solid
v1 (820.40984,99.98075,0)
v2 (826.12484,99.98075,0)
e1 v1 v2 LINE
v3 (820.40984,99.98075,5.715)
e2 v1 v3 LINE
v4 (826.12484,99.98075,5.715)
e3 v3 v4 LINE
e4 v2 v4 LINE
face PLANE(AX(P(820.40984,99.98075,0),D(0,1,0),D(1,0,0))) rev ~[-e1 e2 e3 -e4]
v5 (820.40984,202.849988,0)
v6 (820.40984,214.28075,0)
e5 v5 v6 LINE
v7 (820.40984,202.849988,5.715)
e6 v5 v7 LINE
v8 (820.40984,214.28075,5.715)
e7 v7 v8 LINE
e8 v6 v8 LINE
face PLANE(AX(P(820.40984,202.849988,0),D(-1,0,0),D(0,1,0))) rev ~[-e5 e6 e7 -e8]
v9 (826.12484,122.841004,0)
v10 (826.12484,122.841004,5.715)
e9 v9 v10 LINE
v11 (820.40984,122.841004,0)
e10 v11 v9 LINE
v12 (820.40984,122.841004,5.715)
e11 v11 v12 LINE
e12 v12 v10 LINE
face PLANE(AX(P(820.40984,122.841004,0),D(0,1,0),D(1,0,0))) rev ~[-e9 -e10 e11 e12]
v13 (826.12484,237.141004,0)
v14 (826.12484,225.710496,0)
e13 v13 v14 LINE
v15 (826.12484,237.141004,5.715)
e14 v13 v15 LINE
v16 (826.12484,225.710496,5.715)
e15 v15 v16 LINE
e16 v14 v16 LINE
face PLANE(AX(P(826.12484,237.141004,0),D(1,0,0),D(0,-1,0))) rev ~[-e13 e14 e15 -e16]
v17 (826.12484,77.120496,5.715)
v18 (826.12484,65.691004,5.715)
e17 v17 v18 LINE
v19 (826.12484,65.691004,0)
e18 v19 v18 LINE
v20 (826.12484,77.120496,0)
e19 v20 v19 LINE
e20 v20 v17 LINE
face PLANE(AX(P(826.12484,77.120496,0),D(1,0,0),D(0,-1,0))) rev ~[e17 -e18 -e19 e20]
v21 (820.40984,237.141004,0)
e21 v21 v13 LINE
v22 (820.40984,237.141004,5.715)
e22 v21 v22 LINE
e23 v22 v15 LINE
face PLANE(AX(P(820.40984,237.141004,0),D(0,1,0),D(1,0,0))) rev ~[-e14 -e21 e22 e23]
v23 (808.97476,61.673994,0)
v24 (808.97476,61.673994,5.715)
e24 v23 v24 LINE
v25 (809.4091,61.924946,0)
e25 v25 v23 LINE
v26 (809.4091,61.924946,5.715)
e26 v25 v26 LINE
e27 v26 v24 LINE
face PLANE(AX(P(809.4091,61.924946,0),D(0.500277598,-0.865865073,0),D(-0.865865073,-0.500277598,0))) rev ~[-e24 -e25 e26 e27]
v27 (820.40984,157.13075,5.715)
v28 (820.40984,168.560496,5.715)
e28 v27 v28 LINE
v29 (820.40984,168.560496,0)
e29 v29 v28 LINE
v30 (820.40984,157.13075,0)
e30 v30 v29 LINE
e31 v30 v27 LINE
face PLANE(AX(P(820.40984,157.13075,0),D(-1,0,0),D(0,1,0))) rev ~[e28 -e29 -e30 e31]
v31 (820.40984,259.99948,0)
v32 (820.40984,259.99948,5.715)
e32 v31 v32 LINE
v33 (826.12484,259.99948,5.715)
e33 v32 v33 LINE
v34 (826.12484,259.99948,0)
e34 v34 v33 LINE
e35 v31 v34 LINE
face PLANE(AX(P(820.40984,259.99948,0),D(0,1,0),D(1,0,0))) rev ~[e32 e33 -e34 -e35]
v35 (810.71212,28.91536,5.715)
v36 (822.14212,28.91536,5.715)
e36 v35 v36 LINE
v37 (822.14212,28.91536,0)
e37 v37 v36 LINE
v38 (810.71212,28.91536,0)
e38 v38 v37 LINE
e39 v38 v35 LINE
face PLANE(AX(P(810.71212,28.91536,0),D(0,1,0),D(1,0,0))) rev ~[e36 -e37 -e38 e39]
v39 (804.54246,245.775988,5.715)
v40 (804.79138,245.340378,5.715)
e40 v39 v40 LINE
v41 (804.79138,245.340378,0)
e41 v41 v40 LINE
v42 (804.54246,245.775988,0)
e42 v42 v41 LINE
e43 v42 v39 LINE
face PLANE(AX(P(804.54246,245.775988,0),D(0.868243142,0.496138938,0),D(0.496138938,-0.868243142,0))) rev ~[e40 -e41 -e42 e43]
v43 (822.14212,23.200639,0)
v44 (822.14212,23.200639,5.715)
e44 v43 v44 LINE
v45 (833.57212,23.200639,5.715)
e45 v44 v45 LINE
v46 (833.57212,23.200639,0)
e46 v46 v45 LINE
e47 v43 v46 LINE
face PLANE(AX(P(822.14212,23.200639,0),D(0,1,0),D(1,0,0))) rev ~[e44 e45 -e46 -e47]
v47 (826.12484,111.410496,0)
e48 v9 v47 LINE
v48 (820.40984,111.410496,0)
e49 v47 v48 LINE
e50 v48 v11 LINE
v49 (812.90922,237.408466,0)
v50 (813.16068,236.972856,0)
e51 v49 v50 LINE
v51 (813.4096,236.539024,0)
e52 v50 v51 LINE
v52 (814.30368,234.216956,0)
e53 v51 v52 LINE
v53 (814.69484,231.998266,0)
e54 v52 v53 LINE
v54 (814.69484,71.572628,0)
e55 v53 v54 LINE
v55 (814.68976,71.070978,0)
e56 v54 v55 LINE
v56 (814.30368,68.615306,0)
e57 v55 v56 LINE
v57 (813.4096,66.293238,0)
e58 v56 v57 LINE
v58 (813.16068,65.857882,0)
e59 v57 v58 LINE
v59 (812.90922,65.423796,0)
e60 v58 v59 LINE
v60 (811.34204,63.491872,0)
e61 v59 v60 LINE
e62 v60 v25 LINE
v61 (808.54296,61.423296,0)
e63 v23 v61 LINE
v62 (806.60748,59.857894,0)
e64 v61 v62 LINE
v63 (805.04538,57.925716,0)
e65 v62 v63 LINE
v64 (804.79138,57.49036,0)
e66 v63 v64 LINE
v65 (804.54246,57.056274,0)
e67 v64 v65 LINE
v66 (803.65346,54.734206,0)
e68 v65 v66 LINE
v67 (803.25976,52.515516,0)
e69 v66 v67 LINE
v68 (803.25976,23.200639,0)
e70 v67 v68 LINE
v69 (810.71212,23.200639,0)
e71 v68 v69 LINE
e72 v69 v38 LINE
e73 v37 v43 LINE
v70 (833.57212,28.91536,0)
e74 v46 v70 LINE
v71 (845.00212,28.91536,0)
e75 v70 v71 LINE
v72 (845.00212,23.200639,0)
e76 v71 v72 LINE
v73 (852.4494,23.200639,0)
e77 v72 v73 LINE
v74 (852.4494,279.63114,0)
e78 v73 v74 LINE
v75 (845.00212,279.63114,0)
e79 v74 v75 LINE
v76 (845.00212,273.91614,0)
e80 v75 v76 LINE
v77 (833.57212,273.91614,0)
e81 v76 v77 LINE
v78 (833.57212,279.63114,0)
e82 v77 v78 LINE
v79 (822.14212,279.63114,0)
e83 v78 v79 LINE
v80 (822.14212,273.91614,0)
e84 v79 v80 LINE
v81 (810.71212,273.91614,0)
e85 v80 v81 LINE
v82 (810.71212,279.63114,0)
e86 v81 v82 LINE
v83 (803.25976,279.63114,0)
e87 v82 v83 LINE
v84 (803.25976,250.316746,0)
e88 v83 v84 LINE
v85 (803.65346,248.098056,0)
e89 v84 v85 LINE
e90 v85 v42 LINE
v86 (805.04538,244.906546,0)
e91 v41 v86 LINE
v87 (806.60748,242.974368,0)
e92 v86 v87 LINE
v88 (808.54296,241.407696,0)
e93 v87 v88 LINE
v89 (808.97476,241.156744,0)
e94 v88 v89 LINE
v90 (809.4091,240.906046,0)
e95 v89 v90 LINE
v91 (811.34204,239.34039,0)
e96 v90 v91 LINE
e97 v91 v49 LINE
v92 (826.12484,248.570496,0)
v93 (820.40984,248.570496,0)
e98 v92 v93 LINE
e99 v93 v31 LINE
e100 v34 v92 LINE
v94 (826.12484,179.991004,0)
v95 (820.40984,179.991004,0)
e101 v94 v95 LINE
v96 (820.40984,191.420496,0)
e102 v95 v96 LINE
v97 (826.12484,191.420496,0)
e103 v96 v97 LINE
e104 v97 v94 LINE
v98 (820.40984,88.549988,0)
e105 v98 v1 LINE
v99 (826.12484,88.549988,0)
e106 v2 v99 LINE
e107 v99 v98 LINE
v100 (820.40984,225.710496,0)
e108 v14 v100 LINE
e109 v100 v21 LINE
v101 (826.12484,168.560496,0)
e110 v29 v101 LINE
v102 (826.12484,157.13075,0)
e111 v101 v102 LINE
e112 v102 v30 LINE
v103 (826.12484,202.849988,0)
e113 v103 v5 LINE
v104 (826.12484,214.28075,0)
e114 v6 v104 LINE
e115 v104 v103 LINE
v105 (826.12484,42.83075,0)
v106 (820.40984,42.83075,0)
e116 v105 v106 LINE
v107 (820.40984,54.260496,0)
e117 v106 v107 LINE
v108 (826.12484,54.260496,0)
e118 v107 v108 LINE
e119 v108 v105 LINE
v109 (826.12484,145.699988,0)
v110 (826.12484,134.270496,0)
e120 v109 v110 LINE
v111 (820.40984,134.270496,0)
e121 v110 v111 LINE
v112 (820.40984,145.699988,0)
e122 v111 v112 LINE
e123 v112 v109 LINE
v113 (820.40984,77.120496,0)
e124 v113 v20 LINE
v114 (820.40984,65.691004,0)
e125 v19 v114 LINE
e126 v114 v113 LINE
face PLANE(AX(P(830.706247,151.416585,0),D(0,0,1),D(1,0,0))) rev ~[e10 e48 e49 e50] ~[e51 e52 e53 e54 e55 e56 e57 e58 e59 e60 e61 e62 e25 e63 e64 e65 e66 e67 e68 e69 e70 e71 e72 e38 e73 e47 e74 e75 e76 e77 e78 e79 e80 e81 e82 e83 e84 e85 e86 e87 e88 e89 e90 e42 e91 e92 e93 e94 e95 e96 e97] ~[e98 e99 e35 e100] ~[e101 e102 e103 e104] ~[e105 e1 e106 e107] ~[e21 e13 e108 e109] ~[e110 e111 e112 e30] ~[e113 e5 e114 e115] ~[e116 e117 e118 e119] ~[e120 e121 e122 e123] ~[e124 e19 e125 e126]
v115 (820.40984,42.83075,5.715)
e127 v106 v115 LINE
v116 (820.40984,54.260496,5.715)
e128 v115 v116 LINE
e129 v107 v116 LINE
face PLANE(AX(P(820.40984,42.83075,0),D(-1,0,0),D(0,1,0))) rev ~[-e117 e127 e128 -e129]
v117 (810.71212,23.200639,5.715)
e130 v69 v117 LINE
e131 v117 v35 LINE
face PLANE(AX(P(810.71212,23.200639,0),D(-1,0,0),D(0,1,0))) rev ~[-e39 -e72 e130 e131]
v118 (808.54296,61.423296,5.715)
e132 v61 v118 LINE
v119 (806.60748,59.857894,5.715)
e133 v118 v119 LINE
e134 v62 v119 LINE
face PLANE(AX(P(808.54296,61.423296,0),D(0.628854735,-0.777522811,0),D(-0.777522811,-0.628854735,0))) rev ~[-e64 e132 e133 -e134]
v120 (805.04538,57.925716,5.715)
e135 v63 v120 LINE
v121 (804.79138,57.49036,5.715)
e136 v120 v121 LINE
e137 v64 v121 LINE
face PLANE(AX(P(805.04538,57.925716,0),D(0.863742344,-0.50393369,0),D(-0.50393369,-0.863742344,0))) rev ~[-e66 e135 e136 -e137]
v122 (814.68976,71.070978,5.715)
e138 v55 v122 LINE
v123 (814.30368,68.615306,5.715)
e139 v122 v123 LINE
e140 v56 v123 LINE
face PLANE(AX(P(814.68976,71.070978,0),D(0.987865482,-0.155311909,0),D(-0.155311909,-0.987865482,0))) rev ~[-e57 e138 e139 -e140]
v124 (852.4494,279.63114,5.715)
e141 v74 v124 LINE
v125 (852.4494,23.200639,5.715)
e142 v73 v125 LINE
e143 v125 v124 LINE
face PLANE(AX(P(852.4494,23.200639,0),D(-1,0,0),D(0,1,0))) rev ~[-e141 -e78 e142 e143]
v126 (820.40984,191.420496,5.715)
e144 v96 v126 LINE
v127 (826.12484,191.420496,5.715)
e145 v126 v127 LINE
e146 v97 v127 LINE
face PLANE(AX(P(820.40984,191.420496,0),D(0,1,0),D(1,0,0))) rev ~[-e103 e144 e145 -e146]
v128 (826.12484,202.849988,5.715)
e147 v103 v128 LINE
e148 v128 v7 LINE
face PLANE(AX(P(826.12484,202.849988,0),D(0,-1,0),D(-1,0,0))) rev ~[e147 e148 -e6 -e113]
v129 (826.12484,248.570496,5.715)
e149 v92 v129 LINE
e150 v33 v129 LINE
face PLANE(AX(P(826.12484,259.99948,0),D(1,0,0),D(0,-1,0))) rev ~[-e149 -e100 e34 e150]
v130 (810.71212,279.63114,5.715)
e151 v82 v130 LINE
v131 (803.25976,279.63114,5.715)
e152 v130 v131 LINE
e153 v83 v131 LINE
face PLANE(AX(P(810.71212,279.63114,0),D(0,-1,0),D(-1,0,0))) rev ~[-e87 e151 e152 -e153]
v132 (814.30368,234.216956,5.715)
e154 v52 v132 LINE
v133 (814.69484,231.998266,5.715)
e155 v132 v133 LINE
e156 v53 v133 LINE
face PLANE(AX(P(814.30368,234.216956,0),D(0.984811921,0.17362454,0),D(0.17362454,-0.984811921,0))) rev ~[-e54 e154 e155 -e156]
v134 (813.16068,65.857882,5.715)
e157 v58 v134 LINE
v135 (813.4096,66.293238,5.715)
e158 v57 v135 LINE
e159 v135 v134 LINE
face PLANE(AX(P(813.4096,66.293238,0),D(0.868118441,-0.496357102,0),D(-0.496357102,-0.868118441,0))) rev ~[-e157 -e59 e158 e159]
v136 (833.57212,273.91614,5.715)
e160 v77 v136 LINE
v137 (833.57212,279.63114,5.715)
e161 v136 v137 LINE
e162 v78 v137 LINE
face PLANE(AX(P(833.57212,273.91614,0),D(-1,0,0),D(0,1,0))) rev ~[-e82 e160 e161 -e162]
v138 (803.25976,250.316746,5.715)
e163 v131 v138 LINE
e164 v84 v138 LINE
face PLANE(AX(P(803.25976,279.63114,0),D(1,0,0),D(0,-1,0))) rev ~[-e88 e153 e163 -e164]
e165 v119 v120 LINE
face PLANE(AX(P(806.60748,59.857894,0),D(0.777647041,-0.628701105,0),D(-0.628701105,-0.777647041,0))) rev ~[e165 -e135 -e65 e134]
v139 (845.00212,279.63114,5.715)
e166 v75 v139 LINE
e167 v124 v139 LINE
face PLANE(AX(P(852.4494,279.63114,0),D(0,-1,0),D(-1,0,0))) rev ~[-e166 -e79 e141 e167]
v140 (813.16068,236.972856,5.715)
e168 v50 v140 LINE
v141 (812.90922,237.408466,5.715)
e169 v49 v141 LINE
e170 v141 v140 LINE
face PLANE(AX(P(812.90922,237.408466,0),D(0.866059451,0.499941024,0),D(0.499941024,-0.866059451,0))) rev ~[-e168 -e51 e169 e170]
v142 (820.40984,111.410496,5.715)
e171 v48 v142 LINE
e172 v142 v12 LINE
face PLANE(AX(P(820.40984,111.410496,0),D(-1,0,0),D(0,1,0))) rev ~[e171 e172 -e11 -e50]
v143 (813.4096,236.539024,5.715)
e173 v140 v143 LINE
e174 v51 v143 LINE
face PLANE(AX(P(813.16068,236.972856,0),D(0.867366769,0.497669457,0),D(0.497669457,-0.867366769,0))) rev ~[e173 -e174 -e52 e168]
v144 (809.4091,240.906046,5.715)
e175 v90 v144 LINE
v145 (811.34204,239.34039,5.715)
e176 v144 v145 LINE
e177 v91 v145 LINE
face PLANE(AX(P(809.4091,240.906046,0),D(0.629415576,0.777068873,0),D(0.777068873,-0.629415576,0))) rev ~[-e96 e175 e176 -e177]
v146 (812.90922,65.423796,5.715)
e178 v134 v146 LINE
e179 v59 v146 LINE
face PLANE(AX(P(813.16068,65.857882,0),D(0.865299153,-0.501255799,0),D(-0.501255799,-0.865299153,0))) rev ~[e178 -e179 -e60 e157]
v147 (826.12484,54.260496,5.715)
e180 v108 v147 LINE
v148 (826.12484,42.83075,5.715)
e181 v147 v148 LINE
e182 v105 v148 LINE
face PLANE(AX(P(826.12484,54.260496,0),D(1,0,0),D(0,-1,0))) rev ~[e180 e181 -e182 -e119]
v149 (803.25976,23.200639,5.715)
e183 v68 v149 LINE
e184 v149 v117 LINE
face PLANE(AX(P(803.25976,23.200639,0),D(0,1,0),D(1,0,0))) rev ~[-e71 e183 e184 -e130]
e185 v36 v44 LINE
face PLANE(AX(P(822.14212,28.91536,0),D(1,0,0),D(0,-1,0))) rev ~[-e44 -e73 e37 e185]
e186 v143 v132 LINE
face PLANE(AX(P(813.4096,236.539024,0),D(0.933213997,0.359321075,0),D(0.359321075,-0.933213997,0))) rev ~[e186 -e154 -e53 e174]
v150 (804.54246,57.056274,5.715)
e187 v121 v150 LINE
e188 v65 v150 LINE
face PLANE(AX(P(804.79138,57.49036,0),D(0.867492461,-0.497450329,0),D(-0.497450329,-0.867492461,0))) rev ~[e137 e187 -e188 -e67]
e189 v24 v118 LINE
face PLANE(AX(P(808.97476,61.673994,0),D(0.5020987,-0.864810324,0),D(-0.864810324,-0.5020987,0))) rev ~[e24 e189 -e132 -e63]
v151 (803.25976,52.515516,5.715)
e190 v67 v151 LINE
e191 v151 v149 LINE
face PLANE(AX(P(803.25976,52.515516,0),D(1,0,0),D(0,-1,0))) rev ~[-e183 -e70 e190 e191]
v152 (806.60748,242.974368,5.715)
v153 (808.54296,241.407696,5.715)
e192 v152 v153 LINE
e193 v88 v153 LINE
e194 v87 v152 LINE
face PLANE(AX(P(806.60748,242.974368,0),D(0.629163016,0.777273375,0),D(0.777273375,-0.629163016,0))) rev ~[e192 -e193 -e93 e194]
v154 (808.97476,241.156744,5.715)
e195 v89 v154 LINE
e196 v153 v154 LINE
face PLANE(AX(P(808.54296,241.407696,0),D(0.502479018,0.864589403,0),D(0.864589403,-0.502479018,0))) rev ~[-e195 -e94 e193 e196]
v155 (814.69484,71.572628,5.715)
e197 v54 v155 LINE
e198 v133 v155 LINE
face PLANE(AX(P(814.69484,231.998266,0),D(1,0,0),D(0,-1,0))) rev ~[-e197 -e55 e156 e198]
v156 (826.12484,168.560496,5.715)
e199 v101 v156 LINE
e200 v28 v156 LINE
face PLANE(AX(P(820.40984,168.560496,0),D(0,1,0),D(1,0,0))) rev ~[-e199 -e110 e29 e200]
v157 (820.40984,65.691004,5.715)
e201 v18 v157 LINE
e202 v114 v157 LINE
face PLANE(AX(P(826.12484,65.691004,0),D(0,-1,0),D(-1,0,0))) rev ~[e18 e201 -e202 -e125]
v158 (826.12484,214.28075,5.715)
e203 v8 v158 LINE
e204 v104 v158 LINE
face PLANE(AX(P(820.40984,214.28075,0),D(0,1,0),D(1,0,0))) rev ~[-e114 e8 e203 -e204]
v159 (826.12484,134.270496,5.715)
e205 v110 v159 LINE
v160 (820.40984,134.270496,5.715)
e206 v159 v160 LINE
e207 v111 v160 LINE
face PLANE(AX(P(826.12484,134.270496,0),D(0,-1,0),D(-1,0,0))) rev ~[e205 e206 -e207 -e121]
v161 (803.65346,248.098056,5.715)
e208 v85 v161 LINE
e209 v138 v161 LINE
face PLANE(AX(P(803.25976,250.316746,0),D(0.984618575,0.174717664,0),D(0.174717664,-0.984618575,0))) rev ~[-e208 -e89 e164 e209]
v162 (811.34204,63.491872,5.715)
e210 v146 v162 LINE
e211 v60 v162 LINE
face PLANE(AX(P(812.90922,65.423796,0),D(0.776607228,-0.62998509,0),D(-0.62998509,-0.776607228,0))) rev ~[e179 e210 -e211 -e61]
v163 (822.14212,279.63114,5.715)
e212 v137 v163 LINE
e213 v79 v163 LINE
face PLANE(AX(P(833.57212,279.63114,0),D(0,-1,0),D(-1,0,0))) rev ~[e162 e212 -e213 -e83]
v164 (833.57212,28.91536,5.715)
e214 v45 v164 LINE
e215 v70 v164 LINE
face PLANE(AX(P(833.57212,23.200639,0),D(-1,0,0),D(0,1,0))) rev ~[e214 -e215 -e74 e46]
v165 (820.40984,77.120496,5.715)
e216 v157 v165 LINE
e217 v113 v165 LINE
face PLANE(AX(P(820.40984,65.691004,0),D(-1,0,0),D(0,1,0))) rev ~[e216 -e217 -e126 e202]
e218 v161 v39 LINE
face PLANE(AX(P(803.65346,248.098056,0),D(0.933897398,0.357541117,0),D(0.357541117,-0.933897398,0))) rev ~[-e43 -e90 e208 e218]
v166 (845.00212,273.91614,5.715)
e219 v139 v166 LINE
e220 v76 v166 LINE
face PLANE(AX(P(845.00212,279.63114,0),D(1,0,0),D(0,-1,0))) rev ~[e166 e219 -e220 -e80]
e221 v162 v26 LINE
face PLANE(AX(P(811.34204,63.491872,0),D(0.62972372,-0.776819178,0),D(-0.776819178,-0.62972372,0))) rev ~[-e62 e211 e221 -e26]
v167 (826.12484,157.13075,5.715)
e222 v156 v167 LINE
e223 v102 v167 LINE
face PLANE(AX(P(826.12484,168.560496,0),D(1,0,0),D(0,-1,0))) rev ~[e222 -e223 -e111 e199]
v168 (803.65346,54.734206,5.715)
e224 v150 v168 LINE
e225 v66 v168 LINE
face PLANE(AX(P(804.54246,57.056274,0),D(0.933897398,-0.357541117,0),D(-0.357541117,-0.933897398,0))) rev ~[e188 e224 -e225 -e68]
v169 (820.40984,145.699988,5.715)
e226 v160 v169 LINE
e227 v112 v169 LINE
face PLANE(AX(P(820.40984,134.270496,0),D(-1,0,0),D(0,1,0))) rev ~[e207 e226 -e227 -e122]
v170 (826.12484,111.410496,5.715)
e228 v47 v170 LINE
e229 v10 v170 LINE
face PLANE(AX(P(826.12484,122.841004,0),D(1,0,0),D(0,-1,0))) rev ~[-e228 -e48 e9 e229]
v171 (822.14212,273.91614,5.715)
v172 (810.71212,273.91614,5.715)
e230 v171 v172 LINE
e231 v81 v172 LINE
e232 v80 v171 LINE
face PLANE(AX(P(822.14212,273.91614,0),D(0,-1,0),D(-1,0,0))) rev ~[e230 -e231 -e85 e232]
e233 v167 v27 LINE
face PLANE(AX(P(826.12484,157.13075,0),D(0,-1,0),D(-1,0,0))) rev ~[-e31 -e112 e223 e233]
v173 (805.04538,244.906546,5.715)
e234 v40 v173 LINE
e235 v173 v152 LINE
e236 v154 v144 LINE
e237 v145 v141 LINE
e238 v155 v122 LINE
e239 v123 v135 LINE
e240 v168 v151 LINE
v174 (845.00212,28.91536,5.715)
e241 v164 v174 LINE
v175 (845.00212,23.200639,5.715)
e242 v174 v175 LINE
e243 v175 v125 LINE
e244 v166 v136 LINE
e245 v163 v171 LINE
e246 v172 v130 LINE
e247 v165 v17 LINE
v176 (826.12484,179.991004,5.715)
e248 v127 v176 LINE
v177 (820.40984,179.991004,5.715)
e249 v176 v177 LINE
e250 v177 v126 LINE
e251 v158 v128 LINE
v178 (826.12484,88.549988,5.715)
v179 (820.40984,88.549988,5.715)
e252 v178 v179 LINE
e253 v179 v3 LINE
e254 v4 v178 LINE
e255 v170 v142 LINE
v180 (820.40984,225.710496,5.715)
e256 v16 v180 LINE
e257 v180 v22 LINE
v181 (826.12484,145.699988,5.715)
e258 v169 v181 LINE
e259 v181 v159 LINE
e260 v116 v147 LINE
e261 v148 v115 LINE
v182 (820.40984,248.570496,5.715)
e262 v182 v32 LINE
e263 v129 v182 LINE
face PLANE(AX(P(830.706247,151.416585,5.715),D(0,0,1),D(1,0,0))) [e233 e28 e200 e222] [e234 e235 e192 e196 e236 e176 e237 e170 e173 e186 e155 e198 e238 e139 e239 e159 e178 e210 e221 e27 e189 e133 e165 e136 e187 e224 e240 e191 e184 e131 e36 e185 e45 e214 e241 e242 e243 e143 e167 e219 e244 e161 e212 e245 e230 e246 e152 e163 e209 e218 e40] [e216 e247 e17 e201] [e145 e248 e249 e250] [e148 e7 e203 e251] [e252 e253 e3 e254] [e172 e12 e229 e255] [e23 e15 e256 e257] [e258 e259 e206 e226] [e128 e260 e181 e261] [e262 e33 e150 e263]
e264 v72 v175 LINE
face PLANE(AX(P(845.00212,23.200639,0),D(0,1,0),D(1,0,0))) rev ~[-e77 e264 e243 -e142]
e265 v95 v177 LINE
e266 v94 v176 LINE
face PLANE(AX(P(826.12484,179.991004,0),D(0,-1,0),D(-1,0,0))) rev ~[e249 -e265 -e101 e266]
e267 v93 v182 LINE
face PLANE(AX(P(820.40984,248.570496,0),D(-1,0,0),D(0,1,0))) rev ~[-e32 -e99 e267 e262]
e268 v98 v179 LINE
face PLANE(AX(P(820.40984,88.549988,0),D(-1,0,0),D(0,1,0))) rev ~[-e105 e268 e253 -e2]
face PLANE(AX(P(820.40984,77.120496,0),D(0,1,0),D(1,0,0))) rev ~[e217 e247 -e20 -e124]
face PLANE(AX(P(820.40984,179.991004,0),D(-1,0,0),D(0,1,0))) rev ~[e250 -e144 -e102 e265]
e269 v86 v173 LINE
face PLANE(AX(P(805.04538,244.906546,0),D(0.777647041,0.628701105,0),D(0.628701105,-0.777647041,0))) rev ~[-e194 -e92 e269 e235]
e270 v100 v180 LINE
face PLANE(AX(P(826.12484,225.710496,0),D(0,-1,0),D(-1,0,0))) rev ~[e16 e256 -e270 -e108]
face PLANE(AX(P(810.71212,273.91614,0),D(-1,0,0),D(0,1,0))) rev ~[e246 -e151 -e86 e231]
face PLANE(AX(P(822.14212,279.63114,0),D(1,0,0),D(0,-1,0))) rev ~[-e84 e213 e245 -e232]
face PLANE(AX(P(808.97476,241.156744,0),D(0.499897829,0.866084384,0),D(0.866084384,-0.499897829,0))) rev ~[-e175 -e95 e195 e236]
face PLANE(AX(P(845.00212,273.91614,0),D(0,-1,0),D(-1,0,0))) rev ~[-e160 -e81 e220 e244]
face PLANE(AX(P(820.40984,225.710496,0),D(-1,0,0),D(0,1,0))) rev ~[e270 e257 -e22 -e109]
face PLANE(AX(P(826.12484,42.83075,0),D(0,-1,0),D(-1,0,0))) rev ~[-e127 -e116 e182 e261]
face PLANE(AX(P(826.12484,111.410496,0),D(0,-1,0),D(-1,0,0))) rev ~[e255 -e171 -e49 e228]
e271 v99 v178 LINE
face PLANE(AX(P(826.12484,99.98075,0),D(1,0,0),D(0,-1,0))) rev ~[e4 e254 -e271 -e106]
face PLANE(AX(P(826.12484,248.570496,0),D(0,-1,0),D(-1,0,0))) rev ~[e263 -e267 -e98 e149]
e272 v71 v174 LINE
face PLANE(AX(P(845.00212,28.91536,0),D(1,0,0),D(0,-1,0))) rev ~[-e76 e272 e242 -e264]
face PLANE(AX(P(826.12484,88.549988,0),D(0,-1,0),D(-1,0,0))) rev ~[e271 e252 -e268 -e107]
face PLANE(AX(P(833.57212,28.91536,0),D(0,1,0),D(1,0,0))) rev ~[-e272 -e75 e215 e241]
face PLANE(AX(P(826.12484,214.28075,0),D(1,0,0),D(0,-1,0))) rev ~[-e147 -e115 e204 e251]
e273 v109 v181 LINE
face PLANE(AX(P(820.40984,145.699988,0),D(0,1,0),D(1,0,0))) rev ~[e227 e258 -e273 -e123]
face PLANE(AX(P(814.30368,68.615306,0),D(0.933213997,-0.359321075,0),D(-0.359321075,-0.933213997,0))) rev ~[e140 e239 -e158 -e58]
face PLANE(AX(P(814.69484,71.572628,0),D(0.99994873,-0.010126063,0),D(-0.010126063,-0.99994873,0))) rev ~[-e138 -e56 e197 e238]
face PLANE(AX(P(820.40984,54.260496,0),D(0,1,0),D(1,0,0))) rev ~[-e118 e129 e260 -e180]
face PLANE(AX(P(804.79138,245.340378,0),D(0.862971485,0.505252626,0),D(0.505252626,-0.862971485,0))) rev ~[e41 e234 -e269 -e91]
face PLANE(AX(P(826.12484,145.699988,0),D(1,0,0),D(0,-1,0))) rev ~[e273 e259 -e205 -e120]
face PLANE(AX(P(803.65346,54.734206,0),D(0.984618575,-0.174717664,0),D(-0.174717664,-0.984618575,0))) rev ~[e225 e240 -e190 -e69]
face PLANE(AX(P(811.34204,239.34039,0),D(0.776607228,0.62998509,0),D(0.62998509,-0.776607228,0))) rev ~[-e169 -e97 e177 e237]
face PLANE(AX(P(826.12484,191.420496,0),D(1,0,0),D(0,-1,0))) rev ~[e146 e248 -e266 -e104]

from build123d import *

# Parameters (mm, degrees)
BOSS_EXTRUDE1_DEPTH = 5.715


with BuildPart() as part:
    # Model → Boss-Extrude1 (new body)
    with BuildSketch(Plane.XY):
        Polygon((803.25976, 23.2006394), (810.71212, 23.2006394), (810.71212, 28.91536), (822.14212, 28.91536), (822.14212, 23.2006394), (833.57212, 23.2006394), (833.57212, 28.91536), (845.00212, 28.91536), (845.00212, 23.2006394), (852.4494, 23.2006394), (852.4494, 279.63114), (845.00212, 279.63114), (845.00212, 273.91614), (833.57212, 273.91614), (833.57212, 279.63114), (822.14212, 279.63114), (822.14212, 273.91614), (810.71212, 273.91614), (810.71212, 279.63114), (803.25976, 279.63114), (803.25976, 251.055124), (803.25976, 250.316746), (803.65346, 248.098056), (804.54246, 245.775988), (804.79138, 245.340378), (805.04538, 244.906546), (806.60748, 242.974368), (808.54296, 241.407696), (808.97476, 241.156744), (809.4091, 240.906046), (811.34204, 239.34039), (812.90922, 237.408466), (813.16068, 236.972856), (813.4096, 236.539024), (814.30368, 234.216956), (814.69484, 231.998266), (814.69484, 231.25811), (814.69484, 71.572628), (814.68976, 71.070978), (814.30368, 68.615306), (813.4096, 66.293238), (813.16068, 65.857882), (812.90922, 65.423796), (811.34204, 63.491872), (809.4091, 61.924946), (808.97476, 61.673994), (808.54296, 61.423296), (806.60748, 59.857894), (805.04538, 57.925716), (804.79138, 57.49036), (804.54246, 57.056274), (803.65346, 54.734206), (803.25976, 52.515516), (803.25976, 51.775868), align=None)
        Polygon((820.40984, 254.28448), (820.40984, 259.99948), (826.12484, 259.99948), (826.12484, 248.570496), (820.40984, 248.570496), align=None, mode=Mode.SUBTRACT)
        Polygon((820.40984, 231.424988), (820.40984, 237.141004), (826.12484, 237.141004), (826.12484, 225.710496), (820.40984, 225.710496), align=None, mode=Mode.SUBTRACT)
        Polygon((820.40984, 208.566004), (820.40984, 214.28075), (826.12484, 214.28075), (826.12484, 202.849988), (820.40984, 202.849988), align=None, mode=Mode.SUBTRACT)
        Polygon((820.40984, 185.70575), (820.40984, 191.420496), (826.12484, 191.420496), (826.12484, 179.991004), (820.40984, 179.991004), align=None, mode=Mode.SUBTRACT)
        Polygon((820.40984, 162.845496), (820.40984, 168.560496), (826.12484, 168.560496), (826.12484, 157.13075), (820.40984, 157.13075), align=None, mode=Mode.SUBTRACT)
        Polygon((820.40984, 139.985496), (820.40984, 145.699988), (826.12484, 145.699988), (826.12484, 134.270496), (820.40984, 134.270496), align=None, mode=Mode.SUBTRACT)
        Polygon((820.40984, 117.124988), (820.40984, 122.841004), (826.12484, 122.841004), (826.12484, 111.410496), (820.40984, 111.410496), align=None, mode=Mode.SUBTRACT)
        Polygon((820.40984, 94.266004), (820.40984, 99.98075), (826.12484, 99.98075), (826.12484, 88.549988), (820.40984, 88.549988), align=None, mode=Mode.SUBTRACT)
        Polygon((820.40984, 71.40575), (820.40984, 77.120496), (826.12484, 77.120496), (826.12484, 65.691004), (820.40984, 65.691004), align=None, mode=Mode.SUBTRACT)
        Polygon((820.40984, 48.545496), (820.40984, 54.260496), (826.12484, 54.260496), (826.12484, 42.83075), (820.40984, 42.83075), align=None, mode=Mode.SUBTRACT)
    extrude(amount=BOSS_EXTRUDE1_DEPTH)


solid = part.part
